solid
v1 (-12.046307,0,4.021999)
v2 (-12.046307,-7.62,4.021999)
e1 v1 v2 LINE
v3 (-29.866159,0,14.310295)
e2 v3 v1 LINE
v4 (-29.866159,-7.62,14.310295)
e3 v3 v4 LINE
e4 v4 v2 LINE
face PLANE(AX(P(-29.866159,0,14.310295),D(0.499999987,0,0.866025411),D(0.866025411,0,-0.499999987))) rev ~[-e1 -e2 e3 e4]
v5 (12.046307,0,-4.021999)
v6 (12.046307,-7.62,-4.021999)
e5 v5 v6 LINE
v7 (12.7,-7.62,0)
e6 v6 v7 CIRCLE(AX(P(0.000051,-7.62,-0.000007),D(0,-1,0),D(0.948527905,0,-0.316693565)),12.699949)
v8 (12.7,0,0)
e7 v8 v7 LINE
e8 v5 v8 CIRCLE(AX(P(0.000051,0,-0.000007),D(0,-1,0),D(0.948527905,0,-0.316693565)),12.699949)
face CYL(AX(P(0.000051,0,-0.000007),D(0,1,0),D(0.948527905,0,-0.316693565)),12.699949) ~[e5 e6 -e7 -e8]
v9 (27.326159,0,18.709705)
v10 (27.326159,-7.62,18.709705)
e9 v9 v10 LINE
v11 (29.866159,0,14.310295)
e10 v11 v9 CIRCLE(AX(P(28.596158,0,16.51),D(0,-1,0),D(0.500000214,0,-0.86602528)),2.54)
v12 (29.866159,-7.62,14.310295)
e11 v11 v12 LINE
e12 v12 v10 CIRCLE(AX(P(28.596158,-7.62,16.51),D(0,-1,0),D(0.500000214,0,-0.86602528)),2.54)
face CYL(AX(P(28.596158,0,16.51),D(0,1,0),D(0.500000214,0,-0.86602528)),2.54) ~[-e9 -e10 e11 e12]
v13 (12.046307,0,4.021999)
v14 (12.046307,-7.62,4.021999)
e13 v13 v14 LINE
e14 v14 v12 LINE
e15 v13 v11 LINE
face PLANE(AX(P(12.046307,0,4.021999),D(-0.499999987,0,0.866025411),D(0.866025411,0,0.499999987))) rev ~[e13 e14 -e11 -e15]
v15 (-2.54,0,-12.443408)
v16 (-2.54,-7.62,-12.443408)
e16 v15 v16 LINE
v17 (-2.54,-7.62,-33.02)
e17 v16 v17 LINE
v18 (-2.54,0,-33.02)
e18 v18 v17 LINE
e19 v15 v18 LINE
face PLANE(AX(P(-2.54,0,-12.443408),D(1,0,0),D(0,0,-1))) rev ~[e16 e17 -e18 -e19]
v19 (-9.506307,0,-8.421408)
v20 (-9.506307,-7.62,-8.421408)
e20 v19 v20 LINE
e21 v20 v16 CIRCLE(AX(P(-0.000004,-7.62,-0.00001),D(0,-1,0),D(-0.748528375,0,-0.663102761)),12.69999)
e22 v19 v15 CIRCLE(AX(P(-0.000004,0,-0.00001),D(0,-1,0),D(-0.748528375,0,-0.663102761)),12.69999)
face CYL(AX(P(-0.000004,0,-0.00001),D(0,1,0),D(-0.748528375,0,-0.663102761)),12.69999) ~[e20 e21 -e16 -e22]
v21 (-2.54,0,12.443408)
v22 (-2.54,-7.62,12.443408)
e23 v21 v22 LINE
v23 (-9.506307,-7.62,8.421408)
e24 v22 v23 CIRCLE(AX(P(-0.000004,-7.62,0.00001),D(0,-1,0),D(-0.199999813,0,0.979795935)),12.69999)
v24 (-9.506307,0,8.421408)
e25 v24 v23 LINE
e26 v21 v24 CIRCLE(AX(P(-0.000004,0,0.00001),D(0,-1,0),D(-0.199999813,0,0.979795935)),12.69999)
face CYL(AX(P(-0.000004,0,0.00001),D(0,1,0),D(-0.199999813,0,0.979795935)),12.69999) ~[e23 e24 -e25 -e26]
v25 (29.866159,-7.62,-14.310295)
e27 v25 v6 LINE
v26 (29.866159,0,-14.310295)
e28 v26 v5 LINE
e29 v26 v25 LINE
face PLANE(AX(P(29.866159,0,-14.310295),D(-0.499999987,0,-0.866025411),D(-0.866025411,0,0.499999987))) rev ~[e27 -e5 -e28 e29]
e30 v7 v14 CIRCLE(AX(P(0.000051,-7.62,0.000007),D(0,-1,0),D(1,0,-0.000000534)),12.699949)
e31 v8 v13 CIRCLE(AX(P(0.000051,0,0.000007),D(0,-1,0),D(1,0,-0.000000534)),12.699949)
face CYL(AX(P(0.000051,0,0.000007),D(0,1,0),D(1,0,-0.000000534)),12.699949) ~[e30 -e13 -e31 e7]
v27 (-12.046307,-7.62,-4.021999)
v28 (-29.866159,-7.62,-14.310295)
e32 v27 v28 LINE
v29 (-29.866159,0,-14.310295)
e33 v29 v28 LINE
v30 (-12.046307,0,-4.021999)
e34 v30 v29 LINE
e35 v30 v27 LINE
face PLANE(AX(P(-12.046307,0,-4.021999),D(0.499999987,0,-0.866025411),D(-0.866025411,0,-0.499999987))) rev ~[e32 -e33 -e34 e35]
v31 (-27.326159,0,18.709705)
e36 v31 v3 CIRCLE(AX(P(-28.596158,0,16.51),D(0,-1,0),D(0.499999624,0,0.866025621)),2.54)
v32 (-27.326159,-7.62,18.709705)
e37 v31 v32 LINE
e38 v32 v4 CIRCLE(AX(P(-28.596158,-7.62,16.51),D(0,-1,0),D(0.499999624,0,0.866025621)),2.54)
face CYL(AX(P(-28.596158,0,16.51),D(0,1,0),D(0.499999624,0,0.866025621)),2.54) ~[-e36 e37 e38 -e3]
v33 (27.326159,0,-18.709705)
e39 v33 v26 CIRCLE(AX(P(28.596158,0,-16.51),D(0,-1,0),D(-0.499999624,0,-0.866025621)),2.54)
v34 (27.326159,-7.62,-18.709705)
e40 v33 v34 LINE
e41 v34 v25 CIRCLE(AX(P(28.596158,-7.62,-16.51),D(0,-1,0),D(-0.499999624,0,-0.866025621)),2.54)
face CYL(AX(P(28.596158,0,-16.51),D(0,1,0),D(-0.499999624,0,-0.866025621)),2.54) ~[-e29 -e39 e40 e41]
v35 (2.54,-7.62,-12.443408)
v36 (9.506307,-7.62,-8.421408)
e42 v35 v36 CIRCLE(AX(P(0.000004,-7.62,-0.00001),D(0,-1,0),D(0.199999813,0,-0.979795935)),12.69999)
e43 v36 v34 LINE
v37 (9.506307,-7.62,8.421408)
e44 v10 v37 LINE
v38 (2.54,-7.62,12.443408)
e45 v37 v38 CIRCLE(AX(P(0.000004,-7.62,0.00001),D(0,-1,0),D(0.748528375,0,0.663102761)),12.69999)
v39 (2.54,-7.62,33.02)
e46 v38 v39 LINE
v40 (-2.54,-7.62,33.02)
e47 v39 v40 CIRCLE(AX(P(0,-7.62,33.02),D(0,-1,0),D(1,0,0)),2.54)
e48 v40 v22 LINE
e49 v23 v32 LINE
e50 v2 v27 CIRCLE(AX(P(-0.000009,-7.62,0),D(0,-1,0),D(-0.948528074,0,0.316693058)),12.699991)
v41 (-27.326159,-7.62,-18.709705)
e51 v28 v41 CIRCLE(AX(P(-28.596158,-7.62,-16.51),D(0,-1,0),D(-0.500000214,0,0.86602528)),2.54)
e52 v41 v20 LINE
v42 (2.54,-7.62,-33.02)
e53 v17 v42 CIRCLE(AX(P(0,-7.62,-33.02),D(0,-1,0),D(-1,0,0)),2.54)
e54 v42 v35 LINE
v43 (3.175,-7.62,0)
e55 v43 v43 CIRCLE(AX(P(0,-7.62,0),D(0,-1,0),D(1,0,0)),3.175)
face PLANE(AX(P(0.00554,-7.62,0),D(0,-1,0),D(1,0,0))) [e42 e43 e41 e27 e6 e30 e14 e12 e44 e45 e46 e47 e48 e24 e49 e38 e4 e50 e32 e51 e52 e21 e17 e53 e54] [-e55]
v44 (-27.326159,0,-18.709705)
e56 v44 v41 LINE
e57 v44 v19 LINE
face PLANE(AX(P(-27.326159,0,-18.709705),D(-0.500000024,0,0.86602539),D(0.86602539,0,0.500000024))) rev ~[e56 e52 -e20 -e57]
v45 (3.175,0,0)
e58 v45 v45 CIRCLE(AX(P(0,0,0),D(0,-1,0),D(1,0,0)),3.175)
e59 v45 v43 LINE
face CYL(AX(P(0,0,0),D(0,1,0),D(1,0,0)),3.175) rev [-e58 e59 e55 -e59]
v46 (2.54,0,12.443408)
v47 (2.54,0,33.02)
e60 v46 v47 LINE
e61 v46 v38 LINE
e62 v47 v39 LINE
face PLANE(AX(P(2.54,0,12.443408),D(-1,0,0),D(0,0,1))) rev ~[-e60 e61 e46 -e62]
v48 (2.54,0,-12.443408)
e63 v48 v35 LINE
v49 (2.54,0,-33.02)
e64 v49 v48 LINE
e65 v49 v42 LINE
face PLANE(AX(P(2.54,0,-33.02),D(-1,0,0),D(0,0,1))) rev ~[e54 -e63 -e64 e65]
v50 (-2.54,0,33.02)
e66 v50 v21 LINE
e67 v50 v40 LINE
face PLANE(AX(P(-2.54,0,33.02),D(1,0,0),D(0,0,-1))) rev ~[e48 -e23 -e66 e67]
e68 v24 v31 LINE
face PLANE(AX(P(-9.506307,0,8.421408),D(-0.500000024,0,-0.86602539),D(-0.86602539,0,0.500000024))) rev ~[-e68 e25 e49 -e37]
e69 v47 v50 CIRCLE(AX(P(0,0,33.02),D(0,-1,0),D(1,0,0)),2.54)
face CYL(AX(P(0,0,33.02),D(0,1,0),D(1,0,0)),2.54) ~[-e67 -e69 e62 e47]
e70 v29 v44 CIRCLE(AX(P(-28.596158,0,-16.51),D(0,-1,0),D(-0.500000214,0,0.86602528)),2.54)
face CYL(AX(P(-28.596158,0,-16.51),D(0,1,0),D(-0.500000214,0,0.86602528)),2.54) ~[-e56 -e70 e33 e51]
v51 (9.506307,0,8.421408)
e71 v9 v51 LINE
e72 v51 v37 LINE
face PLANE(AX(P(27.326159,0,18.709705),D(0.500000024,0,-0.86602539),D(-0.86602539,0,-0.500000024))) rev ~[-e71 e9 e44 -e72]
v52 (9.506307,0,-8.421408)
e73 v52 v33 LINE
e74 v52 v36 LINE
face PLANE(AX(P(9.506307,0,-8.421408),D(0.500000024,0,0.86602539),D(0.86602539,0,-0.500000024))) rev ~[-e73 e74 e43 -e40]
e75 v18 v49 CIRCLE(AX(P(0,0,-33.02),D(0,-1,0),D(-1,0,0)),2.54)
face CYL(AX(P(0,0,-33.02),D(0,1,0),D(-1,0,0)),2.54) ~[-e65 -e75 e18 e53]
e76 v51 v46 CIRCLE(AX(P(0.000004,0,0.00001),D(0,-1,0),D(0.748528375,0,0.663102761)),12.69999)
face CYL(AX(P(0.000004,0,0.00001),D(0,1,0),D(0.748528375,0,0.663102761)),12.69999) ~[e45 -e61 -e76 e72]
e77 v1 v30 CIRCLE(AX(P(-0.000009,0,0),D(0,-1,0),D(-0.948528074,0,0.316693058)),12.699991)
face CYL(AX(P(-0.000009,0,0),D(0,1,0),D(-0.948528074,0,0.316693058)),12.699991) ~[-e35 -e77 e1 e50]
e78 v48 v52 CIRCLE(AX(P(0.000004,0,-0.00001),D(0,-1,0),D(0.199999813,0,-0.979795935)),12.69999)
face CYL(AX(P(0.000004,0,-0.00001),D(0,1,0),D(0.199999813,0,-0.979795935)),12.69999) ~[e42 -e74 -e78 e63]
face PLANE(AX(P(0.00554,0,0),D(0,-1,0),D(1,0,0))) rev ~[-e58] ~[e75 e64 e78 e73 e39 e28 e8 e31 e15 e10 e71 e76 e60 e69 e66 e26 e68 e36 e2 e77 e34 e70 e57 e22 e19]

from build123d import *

# Parameters (mm, degrees)
F0_R     = 3.175
F1_DEPTH = 7.62


with BuildPart() as f1:
    # F0 (on Front) → F1 (new body)
    with BuildSketch(Plane.XZ):
        with BuildLine():
            ThreePointArc((12.046307, -4.021999), (12.535512, -2.037388), (12.7, 0))
            ThreePointArc((12.7, 0), (12.535512, 2.037388), (12.046307, 4.021999))
            ThreePointArc((12.046307, 4.021999), (10.998523, 6.35), (9.506307, 8.421408))
            ThreePointArc((9.506307, 8.421408), (6.35, 10.998523), (2.54, 12.443408))
            ThreePointArc((2.54, 12.443408), (0, 12.7), (-2.54, 12.443408))
            ThreePointArc((-2.54, 12.443408), (-6.35, 10.998523), (-9.506307, 8.421408))
            ThreePointArc((-9.506307, 8.421408), (-10.998523, 6.35), (-12.046307, 4.021999))
            ThreePointArc((-12.046307, 4.021999), (-12.7, 0), (-12.046307, -4.021999))
            ThreePointArc((-12.046307, -4.021999), (-10.998523, -6.35), (-9.506307, -8.421408))
            ThreePointArc((-9.506307, -8.421408), (-6.35, -10.998523), (-2.54, -12.443408))
            ThreePointArc((-2.54, -12.443408), (0, -12.7), (2.54, -12.443408))
            ThreePointArc((2.54, -12.443408), (6.35, -10.998523), (9.506307, -8.421408))
            ThreePointArc((9.506307, -8.421408), (10.998523, -6.35), (12.046307, -4.021999))
        make_face()
        Circle(F0_R, mode=Mode.SUBTRACT)
        with BuildLine():
            ThreePointArc((9.506307, 8.421408), (10.998523, 6.35), (12.046307, 4.021999))
            Line((12.046307, 4.021999), (29.866159, 14.310295))
            ThreePointArc((29.866159, 14.310295), (30.795863, 17.78), (27.326159, 18.709705))
            Line((27.326159, 18.709705), (9.506307, 8.421408))
        make_face()
        with BuildLine():
            Line((29.866159, -14.310295), (12.046307, -4.021999))
            ThreePointArc((12.046307, -4.021999), (10.998523, -6.35), (9.506307, -8.421408))
            Line((9.506307, -8.421408), (27.326159, -18.709705))
            ThreePointArc((27.326159, -18.709705), (30.795863, -17.78), (29.866159, -14.310295))
        make_face()
        with BuildLine():
            ThreePointArc((-2.54, 12.443408), (0, 12.7), (2.54, 12.443408))
            Line((2.54, 12.443408), (2.54, 33.02))
            Line((2.54, 33.02), (-2.54, 33.02))
            Line((-2.54, 33.02), (-2.54, 12.443408))
        make_face()
        with BuildLine():
            Line((2.54, -33.02), (2.54, -12.443408))
            ThreePointArc((2.54, -12.443408), (0, -12.7), (-2.54, -12.443408))
            Line((-2.54, -12.443408), (-2.54, -33.02))
            ThreePointArc((-2.54, -33.02), (0, -35.56), (2.54, -33.02))
        make_face()
        with BuildLine():
            Line((-2.54, 33.02), (2.54, 33.02))
            ThreePointArc((2.54, 33.02), (0, 35.56), (-2.54, 33.02))
        make_face()
        with BuildLine():
            ThreePointArc((-12.046307, 4.021999), (-10.998523, 6.35), (-9.506307, 8.421408))
            Line((-9.506307, 8.421408), (-27.326159, 18.709705))
            ThreePointArc((-27.326159, 18.709705), (-30.795863, 17.78), (-29.866159, 14.310295))
            Line((-29.866159, 14.310295), (-12.046307, 4.021999))
        make_face()
        with BuildLine():
            Line((-27.326159, -18.709705), (-9.506307, -8.421408))
            ThreePointArc((-9.506307, -8.421408), (-10.998523, -6.35), (-12.046307, -4.021999))
            Line((-12.046307, -4.021999), (-29.866159, -14.310295))
            ThreePointArc((-29.866159, -14.310295), (-30.795863, -17.78), (-27.326159, -18.709705))
        make_face()
    extrude(amount=F1_DEPTH)


solid = f1.part
